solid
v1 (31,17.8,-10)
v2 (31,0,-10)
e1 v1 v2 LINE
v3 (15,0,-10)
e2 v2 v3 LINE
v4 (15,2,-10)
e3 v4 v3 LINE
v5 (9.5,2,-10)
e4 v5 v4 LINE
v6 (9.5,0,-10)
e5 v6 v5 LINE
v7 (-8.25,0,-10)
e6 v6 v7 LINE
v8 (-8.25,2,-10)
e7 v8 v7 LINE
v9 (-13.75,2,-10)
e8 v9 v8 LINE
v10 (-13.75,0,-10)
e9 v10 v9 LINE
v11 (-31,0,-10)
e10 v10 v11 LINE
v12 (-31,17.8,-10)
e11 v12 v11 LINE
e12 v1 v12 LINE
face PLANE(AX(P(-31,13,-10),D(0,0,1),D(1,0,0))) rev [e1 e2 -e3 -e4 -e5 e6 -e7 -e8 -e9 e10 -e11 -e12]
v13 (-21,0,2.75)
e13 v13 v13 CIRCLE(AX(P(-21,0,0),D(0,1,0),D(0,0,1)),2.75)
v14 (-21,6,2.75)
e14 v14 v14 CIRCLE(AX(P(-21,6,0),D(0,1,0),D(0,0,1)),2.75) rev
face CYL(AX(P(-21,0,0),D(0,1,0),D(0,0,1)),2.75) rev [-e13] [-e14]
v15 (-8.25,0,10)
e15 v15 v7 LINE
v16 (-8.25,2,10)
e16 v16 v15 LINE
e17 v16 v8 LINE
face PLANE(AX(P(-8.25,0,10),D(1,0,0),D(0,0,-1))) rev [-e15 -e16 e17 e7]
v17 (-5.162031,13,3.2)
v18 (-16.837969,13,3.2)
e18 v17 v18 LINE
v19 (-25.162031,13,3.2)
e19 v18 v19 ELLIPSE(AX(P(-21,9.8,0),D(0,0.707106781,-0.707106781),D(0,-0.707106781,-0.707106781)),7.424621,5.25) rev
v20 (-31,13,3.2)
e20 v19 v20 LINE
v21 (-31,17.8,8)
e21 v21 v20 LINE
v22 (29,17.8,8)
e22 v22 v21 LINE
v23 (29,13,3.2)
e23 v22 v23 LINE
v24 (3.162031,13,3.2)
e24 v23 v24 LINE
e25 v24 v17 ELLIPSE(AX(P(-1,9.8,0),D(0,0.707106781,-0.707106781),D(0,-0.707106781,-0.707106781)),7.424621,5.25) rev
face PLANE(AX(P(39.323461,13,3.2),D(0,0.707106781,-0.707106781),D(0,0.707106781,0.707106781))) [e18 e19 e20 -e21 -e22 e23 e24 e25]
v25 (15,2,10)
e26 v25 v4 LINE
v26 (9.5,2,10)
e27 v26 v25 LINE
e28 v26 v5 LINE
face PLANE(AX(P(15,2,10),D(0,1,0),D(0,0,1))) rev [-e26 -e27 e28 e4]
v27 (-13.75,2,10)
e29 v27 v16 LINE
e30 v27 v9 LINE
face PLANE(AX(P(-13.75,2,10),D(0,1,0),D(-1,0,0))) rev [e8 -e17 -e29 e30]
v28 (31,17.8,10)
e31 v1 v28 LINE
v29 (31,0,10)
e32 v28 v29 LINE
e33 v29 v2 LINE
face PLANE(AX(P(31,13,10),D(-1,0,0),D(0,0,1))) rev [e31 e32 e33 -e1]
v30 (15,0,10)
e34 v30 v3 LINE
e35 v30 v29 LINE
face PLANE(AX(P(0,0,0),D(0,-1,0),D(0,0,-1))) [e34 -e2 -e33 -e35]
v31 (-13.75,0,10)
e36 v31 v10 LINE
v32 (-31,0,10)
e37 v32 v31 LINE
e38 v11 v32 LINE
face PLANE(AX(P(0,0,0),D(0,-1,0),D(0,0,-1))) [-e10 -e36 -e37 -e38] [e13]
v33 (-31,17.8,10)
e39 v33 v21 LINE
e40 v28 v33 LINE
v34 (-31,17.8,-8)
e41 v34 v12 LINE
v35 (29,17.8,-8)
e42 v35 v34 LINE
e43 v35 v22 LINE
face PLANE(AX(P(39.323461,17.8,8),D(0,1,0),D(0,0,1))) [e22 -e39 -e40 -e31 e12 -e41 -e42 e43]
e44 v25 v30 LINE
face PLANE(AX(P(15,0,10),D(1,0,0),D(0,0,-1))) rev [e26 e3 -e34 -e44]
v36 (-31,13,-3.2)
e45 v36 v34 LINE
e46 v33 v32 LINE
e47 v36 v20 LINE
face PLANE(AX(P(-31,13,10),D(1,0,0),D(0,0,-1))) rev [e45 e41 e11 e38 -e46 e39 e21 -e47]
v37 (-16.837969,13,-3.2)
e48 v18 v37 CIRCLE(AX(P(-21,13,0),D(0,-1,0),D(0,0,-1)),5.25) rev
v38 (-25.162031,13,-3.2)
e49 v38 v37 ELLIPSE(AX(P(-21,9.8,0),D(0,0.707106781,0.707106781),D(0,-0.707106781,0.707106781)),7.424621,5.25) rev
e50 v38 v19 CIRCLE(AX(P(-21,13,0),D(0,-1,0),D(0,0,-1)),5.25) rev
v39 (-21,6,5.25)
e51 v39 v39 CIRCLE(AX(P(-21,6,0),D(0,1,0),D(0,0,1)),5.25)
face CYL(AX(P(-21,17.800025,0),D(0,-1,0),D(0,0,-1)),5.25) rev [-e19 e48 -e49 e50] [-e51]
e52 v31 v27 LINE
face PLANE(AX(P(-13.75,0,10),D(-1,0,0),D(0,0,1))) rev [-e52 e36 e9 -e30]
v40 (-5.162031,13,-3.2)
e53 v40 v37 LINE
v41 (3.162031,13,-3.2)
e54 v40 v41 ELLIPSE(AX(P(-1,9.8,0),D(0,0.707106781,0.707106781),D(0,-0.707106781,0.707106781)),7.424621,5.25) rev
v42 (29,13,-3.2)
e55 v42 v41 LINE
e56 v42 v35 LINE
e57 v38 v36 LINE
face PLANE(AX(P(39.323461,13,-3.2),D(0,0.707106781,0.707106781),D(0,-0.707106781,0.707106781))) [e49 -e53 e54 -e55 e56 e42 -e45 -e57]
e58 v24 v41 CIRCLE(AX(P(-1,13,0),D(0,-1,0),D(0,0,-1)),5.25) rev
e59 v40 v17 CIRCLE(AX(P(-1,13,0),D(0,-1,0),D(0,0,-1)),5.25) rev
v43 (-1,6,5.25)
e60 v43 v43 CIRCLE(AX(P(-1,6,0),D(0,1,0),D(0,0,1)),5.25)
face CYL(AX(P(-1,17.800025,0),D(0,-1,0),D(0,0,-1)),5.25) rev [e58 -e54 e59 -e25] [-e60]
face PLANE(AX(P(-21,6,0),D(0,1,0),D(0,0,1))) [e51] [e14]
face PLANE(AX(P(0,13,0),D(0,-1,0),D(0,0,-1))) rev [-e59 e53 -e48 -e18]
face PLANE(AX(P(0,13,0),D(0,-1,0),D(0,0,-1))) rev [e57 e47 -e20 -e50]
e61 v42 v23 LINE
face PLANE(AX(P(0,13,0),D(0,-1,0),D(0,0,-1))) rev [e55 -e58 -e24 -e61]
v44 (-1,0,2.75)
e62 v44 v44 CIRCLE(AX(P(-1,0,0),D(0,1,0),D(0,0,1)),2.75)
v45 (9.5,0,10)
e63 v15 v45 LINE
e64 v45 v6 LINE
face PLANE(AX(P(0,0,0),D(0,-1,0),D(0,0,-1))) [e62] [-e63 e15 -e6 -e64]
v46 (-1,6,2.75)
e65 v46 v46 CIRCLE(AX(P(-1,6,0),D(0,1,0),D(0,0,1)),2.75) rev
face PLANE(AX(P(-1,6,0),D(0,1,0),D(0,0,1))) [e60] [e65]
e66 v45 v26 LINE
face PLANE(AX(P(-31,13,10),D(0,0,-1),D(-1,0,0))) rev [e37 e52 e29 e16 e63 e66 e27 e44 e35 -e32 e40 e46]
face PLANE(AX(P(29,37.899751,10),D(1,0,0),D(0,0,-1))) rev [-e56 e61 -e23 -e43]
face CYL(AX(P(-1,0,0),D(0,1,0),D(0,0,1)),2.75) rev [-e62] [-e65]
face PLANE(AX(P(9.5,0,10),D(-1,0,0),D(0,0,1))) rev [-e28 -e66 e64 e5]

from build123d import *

# Parameters (mm, degrees)
SKETCH1_W           = 62
SKETCH1_H           = 20
BOSS_EXTRUDE1_DEPTH = 13
BOSS_EXTRUDE2_DEPTH = 62
SKETCH3_W           = 2
SKETCH3_H           = 20
BOSS_EXTRUDE3_DEPTH = 4.8
SKETCH6_R           = 2.75
CUT_EXTRUDE1_DEPTH  = 14
CUT_EXTRUDE2_START  = 6
SKETCH7_R           = 5.25
CUT_EXTRUDE2_DEPTH  = 12.8
SKETCH8_W           = 5.5
SKETCH8_H           = 2
CUT_EXTRUDE3_DEPTH  = 21


with BuildPart() as part:
    # Sketch1 → Boss-Extrude1 (new body)
    with BuildSketch(Plane(origin=(0, 0, 0), x_dir=(1, 0, 0), z_dir=(0, 1, 0))):
        Rectangle(SKETCH1_W, SKETCH1_H)
    extrude(amount=BOSS_EXTRUDE1_DEPTH)

    # Sketch2 → Boss-Extrude2 (add)
    with BuildSketch(Plane.ZY.offset(31)):
        Polygon((3.2, 13), (8, 17.8), (10, 17.8), (10, 13), align=None)
        Polygon((-10, 13), (-3.2, 13), (-8, 17.8), (-10, 17.8), align=None)
    extrude(amount=-BOSS_EXTRUDE2_DEPTH)

    # Sketch3 → Boss-Extrude3 (add)
    with BuildSketch(Plane(origin=(0, 13, 0), x_dir=(1, 0, 0), z_dir=(0, 1, 0))):
        with Locations((30, 0)):
            Rectangle(SKETCH3_W, SKETCH3_H)
    extrude(amount=BOSS_EXTRUDE3_DEPTH)

    # Sketch6 → Cut-Extrude1 (cut, through all)
    with BuildSketch(Plane(origin=(0, 13, 0), x_dir=(1, 0, 0), z_dir=(0, 1, 0))):
        with Locations((-21, 0)):
            Circle(SKETCH6_R)
        with Locations((-1, 0)):
            Circle(SKETCH6_R)
    extrude(amount=-CUT_EXTRUDE1_DEPTH, mode=Mode.SUBTRACT)

    # Sketch7 → Cut-Extrude2 (cut, through all)
    with BuildSketch(Plane(origin=(0, 0, 0), x_dir=(1, 0, 0), z_dir=(0, 1, 0)).offset(CUT_EXTRUDE2_START)):
        with Locations((-21, 0)):
            Circle(SKETCH7_R)
        with Locations((-1, 0)):
            Circle(SKETCH7_R)
    extrude(amount=CUT_EXTRUDE2_DEPTH, mode=Mode.SUBTRACT)

    # Sketch8 → Cut-Extrude3 (cut, through all)
    with BuildSketch(Plane(origin=(0, 0, -10), x_dir=(-1, 0, 0), z_dir=(0, 0, -1))):
        with Locations((-12.25, 1)):
            Rectangle(SKETCH8_W, SKETCH8_H)
        with Locations((11, 1)):
            Rectangle(SKETCH8_W, SKETCH8_H)
    extrude(amount=-CUT_EXTRUDE3_DEPTH, mode=Mode.SUBTRACT)


solid = part.part
